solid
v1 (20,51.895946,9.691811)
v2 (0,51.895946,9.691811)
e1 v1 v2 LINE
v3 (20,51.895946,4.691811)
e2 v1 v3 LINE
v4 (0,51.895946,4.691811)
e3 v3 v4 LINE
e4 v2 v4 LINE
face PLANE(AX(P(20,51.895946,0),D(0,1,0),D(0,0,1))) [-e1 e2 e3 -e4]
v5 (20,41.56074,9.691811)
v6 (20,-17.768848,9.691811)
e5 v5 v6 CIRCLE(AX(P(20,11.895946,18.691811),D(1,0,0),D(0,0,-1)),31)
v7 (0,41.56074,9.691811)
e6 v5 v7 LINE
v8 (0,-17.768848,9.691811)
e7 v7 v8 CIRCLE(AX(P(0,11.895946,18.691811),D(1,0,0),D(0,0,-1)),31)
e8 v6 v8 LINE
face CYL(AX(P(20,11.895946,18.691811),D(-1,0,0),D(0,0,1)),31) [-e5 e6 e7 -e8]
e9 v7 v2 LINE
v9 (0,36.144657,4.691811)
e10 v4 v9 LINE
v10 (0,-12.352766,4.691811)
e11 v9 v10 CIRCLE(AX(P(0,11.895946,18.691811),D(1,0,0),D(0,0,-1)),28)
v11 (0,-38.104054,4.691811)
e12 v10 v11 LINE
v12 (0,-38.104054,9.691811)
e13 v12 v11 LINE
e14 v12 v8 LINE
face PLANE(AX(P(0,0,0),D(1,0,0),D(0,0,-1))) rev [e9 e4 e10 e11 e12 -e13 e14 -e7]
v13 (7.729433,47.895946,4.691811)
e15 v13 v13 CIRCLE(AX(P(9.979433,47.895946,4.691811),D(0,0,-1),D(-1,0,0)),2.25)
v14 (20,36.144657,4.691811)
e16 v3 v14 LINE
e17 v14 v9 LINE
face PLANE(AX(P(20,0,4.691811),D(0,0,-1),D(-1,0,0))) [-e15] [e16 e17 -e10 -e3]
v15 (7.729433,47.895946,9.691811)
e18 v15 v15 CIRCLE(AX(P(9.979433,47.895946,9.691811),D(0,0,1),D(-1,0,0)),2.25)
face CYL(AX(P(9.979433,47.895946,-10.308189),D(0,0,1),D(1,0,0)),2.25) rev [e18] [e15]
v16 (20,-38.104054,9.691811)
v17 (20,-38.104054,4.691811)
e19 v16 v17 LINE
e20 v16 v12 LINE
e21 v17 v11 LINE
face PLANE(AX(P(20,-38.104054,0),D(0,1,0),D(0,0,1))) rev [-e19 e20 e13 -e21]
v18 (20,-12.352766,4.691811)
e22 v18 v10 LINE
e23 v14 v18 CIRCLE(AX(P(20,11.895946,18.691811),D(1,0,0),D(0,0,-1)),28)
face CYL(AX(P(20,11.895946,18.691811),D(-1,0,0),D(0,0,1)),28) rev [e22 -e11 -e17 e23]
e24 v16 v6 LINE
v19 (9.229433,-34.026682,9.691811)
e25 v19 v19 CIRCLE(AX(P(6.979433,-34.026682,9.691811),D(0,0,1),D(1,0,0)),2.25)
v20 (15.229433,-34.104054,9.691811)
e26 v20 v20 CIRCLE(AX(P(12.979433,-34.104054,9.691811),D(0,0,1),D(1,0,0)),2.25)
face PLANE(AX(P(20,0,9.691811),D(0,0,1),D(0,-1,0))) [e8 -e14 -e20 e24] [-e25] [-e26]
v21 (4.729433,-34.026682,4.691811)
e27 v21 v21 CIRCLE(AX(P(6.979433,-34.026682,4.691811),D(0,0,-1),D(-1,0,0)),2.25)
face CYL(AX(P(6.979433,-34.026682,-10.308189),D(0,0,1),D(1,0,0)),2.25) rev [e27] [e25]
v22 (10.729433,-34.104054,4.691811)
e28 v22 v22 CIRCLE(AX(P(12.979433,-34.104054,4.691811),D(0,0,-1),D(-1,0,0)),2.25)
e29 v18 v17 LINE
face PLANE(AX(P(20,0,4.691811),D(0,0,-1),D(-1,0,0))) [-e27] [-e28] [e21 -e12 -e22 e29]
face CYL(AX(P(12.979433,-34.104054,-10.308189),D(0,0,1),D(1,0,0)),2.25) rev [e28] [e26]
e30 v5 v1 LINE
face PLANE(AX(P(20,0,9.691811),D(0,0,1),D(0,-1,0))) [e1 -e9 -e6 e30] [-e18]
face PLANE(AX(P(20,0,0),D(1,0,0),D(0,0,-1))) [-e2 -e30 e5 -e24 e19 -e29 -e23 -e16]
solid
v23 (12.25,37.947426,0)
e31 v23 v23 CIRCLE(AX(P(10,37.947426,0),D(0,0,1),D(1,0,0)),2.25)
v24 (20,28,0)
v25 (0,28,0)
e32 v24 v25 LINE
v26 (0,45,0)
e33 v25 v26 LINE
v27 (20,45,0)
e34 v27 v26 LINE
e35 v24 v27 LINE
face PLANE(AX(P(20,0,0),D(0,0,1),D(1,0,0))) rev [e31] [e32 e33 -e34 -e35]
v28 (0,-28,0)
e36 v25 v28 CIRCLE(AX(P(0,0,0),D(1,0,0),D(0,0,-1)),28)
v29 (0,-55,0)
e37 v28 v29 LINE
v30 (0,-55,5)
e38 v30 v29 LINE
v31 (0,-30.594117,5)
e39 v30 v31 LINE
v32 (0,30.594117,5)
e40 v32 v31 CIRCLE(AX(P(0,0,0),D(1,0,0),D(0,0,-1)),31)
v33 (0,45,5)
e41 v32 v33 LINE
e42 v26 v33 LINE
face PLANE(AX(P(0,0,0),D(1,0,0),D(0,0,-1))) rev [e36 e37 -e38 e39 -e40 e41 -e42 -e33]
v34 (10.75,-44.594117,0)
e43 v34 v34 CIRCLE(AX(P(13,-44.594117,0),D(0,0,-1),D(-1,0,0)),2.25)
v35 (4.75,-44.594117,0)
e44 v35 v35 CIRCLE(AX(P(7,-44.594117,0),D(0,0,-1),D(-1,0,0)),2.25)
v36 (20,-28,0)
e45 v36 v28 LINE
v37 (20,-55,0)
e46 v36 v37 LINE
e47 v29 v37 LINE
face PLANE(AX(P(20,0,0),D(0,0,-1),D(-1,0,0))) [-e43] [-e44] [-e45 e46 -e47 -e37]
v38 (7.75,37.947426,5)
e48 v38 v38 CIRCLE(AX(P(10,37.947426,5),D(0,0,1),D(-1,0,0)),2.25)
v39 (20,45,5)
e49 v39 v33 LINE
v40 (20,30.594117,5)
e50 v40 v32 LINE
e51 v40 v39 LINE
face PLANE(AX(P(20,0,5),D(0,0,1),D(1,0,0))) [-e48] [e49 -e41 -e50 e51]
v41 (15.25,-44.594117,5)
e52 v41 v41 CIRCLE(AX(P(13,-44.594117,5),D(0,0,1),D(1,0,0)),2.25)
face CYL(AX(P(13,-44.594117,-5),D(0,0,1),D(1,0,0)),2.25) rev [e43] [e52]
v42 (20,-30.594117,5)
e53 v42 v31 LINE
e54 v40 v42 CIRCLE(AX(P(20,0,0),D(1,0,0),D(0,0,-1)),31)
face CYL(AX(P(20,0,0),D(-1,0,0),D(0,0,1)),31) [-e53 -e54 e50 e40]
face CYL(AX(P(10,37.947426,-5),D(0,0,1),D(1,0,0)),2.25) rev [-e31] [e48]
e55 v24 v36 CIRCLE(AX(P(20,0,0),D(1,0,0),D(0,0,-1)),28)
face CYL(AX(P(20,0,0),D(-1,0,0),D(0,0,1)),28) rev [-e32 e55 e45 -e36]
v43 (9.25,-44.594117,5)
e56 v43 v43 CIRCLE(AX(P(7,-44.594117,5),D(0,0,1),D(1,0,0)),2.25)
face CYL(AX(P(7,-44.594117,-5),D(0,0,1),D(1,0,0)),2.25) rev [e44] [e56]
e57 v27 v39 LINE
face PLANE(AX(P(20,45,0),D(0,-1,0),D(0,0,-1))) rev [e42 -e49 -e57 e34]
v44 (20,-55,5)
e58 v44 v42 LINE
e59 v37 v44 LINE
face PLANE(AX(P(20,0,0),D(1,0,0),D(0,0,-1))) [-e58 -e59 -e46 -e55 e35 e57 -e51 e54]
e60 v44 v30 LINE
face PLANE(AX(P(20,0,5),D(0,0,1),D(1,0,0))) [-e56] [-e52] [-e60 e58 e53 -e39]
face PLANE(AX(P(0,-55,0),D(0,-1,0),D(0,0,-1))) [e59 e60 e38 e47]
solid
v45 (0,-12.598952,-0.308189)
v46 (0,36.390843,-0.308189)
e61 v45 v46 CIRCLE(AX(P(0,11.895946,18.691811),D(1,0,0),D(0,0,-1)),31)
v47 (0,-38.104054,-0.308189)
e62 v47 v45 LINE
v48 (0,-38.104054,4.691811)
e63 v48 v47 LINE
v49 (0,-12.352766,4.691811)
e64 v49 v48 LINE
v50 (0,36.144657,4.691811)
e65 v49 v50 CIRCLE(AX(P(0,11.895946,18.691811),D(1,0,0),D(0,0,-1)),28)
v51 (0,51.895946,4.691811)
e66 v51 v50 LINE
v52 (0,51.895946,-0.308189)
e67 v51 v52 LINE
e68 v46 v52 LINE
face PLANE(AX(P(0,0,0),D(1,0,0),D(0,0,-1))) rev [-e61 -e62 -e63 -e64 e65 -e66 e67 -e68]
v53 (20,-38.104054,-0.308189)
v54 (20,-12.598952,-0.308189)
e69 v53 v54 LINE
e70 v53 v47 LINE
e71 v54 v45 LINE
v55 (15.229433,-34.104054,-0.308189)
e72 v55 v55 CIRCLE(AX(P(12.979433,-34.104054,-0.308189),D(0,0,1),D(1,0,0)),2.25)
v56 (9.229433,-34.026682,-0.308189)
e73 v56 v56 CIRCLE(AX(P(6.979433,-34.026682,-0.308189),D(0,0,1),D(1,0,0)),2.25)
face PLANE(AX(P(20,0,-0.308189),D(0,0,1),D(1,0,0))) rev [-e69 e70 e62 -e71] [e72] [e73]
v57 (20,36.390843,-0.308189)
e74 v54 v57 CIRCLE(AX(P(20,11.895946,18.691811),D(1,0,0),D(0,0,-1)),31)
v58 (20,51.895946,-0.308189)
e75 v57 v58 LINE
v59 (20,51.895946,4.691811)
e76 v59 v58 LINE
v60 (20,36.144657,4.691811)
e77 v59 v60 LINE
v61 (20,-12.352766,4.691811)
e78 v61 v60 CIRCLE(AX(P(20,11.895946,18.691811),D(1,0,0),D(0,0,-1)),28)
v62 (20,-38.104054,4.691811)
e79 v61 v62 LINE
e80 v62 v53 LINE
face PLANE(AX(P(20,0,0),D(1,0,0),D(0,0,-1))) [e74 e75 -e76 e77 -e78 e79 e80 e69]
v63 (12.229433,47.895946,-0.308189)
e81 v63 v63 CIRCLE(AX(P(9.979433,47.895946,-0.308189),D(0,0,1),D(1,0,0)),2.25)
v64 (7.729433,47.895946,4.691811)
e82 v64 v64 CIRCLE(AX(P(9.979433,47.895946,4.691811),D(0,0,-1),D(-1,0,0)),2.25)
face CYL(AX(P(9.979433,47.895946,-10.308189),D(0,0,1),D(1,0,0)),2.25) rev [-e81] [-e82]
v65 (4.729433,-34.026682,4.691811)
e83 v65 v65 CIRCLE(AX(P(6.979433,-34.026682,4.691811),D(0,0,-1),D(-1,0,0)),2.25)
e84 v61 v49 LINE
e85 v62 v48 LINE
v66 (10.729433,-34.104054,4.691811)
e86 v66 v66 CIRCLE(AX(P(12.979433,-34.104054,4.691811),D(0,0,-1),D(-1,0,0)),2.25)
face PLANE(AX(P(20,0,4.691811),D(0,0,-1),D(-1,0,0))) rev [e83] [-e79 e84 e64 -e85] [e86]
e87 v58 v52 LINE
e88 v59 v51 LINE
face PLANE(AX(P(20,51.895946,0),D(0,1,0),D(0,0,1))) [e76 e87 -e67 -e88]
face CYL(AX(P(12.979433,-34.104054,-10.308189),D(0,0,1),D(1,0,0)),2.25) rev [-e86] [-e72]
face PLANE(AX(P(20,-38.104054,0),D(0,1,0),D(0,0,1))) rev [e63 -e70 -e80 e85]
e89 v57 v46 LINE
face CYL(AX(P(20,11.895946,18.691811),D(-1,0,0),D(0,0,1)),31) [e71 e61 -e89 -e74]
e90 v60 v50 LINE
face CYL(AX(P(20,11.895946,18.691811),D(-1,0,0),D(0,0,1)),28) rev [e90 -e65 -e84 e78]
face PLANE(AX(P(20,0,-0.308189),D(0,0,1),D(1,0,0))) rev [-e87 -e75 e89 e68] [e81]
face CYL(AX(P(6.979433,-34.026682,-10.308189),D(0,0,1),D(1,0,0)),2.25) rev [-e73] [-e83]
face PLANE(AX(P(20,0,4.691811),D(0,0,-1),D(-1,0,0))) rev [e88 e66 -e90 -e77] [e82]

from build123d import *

# Parameters (mm, degrees)
BOSS_EXTRUDE1_DEPTH = 20
SKETCH3_W           = 20
SKETCH3_H           = 5
BOSS_EXTRUDE2_DEPTH = 10
SKETCH2_R           = 2.25
CUT_EXTRUDE1_DEPTH  = 10
BOSS_EXTRUDE3_DEPTH = 20
BOSS_EXTRUDE4_DEPTH = 20
SKETCH5_R           = 2.25
CUT_EXTRUDE2_DEPTH  = 20


with BuildPart() as part:
    # Sketch1 → Boss-Extrude1 (new body)
    with BuildSketch(Plane.YZ):
        with BuildLine():
            ThreePointArc((-28, 0), (0, 28), (28, 0))
            Line((28, 0), (45, 0))
            Line((45, 0), (45, 5))
            Line((45, 5), (30.594117082, 5))
            ThreePointArc((30.594117082, 5), (0, 31), (-30.594117082, 5))
            Line((-30.594117082, 5), (-45, 5))
            Line((-45, 5), (-45, 0))
            Line((-45, 0), (-28, 0))
        make_face()
    extrude(amount=BOSS_EXTRUDE1_DEPTH)

    # Sketch3 → Boss-Extrude2 (add)
    with BuildSketch(Plane.XZ.offset(45)):
        with Locations((10, 2.5)):
            Rectangle(SKETCH3_W, SKETCH3_H)
    extrude(amount=BOSS_EXTRUDE2_DEPTH)

    # Sketch2 → Cut-Extrude1 (cut)
    with BuildSketch(Plane.XY.offset(5)):
        with Locations((7, -44.594117082)):
            Circle(SKETCH2_R)
        with Locations((10, 37.947426475)):
            Circle(SKETCH2_R)
        with Locations((13, -44.594117082)):
            Circle(SKETCH2_R)
    extrude(amount=-CUT_EXTRUDE1_DEPTH, mode=Mode.SUBTRACT)


with BuildPart() as body_2:
    # Sketch4 → Boss-Extrude3 (new body)
    with BuildSketch(Plane.YZ):
        with BuildLine():
            Line((51.89594566, 4.691811125), (51.89594566, 9.691811125))
            Line((51.89594566, 9.691811125), (41.560739608, 9.691811125))
            ThreePointArc((41.560739608, 9.691811125), (11.89594566, 49.691811125), (-17.768848289, 9.691811125))
            Line((-17.768848289, 9.691811125), (-38.10405434, 9.691811125))
            Line((-38.10405434, 9.691811125), (-38.10405434, 4.691811125))
            Line((-38.10405434, 4.691811125), (-12.352765646, 4.691811125))
            ThreePointArc((-12.352765646, 4.691811125), (11.89594566, 46.691811125), (36.144656966, 4.691811125))
            Line((36.144656966, 4.691811125), (51.89594566, 4.691811125))
        make_face()
    extrude(amount=BOSS_EXTRUDE3_DEPTH)


with BuildPart() as body_3:
    # Sketch4<3> → Boss-Extrude4 (new body)
    with BuildSketch(Plane.YZ):
        with BuildLine():
            Line((51.89594566, -0.308188875), (51.89594566, 4.691811125))
            Line((51.89594566, 4.691811125), (36.144656966, 4.691811125))
            ThreePointArc((36.144656966, 4.691811125), (11.89594566, -9.308188875), (-12.352765646, 4.691811125))
            Line((-12.352765646, 4.691811125), (-38.10405434, 4.691811125))
            Line((-38.10405434, 4.691811125), (-38.10405434, -0.308188875))
            Line((-38.10405434, -0.308188875), (-12.598951768, -0.308188875))
            ThreePointArc((-12.598951768, -0.308188875), (11.89594566, -12.308188875), (36.390843088, -0.308188875))
            Line((36.390843088, -0.308188875), (51.89594566, -0.308188875))
        make_face()
    extrude(amount=BOSS_EXTRUDE4_DEPTH)


with BuildPart() as cut_extrude2_tool:
    # Sketch5 → Cut-Extrude2 (new body)
    with BuildSketch(Plane.XY.offset(9.691811125)):
        with Locations((6.979433218, -34.02668172)):
            Circle(SKETCH5_R)
        with Locations((9.979433218, 47.89594566)):
            Circle(SKETCH5_R)
        with Locations((12.979433218, -34.10405434)):
            Circle(SKETCH5_R)
    extrude(amount=-CUT_EXTRUDE2_DEPTH)


with BuildPart() as body_2_1:
    add(body_2.part)

    # Cut-Extrude2: cut by cut_extrude2_tool
    add(cut_extrude2_tool.part, mode=Mode.SUBTRACT)


with BuildPart() as body_3_1:
    add(body_3.part)

    # Cut-Extrude2: cut by cut_extrude2_tool
    add(cut_extrude2_tool.part, mode=Mode.SUBTRACT)


solid = Compound([part.part, body_2_1.part, body_3_1.part])
